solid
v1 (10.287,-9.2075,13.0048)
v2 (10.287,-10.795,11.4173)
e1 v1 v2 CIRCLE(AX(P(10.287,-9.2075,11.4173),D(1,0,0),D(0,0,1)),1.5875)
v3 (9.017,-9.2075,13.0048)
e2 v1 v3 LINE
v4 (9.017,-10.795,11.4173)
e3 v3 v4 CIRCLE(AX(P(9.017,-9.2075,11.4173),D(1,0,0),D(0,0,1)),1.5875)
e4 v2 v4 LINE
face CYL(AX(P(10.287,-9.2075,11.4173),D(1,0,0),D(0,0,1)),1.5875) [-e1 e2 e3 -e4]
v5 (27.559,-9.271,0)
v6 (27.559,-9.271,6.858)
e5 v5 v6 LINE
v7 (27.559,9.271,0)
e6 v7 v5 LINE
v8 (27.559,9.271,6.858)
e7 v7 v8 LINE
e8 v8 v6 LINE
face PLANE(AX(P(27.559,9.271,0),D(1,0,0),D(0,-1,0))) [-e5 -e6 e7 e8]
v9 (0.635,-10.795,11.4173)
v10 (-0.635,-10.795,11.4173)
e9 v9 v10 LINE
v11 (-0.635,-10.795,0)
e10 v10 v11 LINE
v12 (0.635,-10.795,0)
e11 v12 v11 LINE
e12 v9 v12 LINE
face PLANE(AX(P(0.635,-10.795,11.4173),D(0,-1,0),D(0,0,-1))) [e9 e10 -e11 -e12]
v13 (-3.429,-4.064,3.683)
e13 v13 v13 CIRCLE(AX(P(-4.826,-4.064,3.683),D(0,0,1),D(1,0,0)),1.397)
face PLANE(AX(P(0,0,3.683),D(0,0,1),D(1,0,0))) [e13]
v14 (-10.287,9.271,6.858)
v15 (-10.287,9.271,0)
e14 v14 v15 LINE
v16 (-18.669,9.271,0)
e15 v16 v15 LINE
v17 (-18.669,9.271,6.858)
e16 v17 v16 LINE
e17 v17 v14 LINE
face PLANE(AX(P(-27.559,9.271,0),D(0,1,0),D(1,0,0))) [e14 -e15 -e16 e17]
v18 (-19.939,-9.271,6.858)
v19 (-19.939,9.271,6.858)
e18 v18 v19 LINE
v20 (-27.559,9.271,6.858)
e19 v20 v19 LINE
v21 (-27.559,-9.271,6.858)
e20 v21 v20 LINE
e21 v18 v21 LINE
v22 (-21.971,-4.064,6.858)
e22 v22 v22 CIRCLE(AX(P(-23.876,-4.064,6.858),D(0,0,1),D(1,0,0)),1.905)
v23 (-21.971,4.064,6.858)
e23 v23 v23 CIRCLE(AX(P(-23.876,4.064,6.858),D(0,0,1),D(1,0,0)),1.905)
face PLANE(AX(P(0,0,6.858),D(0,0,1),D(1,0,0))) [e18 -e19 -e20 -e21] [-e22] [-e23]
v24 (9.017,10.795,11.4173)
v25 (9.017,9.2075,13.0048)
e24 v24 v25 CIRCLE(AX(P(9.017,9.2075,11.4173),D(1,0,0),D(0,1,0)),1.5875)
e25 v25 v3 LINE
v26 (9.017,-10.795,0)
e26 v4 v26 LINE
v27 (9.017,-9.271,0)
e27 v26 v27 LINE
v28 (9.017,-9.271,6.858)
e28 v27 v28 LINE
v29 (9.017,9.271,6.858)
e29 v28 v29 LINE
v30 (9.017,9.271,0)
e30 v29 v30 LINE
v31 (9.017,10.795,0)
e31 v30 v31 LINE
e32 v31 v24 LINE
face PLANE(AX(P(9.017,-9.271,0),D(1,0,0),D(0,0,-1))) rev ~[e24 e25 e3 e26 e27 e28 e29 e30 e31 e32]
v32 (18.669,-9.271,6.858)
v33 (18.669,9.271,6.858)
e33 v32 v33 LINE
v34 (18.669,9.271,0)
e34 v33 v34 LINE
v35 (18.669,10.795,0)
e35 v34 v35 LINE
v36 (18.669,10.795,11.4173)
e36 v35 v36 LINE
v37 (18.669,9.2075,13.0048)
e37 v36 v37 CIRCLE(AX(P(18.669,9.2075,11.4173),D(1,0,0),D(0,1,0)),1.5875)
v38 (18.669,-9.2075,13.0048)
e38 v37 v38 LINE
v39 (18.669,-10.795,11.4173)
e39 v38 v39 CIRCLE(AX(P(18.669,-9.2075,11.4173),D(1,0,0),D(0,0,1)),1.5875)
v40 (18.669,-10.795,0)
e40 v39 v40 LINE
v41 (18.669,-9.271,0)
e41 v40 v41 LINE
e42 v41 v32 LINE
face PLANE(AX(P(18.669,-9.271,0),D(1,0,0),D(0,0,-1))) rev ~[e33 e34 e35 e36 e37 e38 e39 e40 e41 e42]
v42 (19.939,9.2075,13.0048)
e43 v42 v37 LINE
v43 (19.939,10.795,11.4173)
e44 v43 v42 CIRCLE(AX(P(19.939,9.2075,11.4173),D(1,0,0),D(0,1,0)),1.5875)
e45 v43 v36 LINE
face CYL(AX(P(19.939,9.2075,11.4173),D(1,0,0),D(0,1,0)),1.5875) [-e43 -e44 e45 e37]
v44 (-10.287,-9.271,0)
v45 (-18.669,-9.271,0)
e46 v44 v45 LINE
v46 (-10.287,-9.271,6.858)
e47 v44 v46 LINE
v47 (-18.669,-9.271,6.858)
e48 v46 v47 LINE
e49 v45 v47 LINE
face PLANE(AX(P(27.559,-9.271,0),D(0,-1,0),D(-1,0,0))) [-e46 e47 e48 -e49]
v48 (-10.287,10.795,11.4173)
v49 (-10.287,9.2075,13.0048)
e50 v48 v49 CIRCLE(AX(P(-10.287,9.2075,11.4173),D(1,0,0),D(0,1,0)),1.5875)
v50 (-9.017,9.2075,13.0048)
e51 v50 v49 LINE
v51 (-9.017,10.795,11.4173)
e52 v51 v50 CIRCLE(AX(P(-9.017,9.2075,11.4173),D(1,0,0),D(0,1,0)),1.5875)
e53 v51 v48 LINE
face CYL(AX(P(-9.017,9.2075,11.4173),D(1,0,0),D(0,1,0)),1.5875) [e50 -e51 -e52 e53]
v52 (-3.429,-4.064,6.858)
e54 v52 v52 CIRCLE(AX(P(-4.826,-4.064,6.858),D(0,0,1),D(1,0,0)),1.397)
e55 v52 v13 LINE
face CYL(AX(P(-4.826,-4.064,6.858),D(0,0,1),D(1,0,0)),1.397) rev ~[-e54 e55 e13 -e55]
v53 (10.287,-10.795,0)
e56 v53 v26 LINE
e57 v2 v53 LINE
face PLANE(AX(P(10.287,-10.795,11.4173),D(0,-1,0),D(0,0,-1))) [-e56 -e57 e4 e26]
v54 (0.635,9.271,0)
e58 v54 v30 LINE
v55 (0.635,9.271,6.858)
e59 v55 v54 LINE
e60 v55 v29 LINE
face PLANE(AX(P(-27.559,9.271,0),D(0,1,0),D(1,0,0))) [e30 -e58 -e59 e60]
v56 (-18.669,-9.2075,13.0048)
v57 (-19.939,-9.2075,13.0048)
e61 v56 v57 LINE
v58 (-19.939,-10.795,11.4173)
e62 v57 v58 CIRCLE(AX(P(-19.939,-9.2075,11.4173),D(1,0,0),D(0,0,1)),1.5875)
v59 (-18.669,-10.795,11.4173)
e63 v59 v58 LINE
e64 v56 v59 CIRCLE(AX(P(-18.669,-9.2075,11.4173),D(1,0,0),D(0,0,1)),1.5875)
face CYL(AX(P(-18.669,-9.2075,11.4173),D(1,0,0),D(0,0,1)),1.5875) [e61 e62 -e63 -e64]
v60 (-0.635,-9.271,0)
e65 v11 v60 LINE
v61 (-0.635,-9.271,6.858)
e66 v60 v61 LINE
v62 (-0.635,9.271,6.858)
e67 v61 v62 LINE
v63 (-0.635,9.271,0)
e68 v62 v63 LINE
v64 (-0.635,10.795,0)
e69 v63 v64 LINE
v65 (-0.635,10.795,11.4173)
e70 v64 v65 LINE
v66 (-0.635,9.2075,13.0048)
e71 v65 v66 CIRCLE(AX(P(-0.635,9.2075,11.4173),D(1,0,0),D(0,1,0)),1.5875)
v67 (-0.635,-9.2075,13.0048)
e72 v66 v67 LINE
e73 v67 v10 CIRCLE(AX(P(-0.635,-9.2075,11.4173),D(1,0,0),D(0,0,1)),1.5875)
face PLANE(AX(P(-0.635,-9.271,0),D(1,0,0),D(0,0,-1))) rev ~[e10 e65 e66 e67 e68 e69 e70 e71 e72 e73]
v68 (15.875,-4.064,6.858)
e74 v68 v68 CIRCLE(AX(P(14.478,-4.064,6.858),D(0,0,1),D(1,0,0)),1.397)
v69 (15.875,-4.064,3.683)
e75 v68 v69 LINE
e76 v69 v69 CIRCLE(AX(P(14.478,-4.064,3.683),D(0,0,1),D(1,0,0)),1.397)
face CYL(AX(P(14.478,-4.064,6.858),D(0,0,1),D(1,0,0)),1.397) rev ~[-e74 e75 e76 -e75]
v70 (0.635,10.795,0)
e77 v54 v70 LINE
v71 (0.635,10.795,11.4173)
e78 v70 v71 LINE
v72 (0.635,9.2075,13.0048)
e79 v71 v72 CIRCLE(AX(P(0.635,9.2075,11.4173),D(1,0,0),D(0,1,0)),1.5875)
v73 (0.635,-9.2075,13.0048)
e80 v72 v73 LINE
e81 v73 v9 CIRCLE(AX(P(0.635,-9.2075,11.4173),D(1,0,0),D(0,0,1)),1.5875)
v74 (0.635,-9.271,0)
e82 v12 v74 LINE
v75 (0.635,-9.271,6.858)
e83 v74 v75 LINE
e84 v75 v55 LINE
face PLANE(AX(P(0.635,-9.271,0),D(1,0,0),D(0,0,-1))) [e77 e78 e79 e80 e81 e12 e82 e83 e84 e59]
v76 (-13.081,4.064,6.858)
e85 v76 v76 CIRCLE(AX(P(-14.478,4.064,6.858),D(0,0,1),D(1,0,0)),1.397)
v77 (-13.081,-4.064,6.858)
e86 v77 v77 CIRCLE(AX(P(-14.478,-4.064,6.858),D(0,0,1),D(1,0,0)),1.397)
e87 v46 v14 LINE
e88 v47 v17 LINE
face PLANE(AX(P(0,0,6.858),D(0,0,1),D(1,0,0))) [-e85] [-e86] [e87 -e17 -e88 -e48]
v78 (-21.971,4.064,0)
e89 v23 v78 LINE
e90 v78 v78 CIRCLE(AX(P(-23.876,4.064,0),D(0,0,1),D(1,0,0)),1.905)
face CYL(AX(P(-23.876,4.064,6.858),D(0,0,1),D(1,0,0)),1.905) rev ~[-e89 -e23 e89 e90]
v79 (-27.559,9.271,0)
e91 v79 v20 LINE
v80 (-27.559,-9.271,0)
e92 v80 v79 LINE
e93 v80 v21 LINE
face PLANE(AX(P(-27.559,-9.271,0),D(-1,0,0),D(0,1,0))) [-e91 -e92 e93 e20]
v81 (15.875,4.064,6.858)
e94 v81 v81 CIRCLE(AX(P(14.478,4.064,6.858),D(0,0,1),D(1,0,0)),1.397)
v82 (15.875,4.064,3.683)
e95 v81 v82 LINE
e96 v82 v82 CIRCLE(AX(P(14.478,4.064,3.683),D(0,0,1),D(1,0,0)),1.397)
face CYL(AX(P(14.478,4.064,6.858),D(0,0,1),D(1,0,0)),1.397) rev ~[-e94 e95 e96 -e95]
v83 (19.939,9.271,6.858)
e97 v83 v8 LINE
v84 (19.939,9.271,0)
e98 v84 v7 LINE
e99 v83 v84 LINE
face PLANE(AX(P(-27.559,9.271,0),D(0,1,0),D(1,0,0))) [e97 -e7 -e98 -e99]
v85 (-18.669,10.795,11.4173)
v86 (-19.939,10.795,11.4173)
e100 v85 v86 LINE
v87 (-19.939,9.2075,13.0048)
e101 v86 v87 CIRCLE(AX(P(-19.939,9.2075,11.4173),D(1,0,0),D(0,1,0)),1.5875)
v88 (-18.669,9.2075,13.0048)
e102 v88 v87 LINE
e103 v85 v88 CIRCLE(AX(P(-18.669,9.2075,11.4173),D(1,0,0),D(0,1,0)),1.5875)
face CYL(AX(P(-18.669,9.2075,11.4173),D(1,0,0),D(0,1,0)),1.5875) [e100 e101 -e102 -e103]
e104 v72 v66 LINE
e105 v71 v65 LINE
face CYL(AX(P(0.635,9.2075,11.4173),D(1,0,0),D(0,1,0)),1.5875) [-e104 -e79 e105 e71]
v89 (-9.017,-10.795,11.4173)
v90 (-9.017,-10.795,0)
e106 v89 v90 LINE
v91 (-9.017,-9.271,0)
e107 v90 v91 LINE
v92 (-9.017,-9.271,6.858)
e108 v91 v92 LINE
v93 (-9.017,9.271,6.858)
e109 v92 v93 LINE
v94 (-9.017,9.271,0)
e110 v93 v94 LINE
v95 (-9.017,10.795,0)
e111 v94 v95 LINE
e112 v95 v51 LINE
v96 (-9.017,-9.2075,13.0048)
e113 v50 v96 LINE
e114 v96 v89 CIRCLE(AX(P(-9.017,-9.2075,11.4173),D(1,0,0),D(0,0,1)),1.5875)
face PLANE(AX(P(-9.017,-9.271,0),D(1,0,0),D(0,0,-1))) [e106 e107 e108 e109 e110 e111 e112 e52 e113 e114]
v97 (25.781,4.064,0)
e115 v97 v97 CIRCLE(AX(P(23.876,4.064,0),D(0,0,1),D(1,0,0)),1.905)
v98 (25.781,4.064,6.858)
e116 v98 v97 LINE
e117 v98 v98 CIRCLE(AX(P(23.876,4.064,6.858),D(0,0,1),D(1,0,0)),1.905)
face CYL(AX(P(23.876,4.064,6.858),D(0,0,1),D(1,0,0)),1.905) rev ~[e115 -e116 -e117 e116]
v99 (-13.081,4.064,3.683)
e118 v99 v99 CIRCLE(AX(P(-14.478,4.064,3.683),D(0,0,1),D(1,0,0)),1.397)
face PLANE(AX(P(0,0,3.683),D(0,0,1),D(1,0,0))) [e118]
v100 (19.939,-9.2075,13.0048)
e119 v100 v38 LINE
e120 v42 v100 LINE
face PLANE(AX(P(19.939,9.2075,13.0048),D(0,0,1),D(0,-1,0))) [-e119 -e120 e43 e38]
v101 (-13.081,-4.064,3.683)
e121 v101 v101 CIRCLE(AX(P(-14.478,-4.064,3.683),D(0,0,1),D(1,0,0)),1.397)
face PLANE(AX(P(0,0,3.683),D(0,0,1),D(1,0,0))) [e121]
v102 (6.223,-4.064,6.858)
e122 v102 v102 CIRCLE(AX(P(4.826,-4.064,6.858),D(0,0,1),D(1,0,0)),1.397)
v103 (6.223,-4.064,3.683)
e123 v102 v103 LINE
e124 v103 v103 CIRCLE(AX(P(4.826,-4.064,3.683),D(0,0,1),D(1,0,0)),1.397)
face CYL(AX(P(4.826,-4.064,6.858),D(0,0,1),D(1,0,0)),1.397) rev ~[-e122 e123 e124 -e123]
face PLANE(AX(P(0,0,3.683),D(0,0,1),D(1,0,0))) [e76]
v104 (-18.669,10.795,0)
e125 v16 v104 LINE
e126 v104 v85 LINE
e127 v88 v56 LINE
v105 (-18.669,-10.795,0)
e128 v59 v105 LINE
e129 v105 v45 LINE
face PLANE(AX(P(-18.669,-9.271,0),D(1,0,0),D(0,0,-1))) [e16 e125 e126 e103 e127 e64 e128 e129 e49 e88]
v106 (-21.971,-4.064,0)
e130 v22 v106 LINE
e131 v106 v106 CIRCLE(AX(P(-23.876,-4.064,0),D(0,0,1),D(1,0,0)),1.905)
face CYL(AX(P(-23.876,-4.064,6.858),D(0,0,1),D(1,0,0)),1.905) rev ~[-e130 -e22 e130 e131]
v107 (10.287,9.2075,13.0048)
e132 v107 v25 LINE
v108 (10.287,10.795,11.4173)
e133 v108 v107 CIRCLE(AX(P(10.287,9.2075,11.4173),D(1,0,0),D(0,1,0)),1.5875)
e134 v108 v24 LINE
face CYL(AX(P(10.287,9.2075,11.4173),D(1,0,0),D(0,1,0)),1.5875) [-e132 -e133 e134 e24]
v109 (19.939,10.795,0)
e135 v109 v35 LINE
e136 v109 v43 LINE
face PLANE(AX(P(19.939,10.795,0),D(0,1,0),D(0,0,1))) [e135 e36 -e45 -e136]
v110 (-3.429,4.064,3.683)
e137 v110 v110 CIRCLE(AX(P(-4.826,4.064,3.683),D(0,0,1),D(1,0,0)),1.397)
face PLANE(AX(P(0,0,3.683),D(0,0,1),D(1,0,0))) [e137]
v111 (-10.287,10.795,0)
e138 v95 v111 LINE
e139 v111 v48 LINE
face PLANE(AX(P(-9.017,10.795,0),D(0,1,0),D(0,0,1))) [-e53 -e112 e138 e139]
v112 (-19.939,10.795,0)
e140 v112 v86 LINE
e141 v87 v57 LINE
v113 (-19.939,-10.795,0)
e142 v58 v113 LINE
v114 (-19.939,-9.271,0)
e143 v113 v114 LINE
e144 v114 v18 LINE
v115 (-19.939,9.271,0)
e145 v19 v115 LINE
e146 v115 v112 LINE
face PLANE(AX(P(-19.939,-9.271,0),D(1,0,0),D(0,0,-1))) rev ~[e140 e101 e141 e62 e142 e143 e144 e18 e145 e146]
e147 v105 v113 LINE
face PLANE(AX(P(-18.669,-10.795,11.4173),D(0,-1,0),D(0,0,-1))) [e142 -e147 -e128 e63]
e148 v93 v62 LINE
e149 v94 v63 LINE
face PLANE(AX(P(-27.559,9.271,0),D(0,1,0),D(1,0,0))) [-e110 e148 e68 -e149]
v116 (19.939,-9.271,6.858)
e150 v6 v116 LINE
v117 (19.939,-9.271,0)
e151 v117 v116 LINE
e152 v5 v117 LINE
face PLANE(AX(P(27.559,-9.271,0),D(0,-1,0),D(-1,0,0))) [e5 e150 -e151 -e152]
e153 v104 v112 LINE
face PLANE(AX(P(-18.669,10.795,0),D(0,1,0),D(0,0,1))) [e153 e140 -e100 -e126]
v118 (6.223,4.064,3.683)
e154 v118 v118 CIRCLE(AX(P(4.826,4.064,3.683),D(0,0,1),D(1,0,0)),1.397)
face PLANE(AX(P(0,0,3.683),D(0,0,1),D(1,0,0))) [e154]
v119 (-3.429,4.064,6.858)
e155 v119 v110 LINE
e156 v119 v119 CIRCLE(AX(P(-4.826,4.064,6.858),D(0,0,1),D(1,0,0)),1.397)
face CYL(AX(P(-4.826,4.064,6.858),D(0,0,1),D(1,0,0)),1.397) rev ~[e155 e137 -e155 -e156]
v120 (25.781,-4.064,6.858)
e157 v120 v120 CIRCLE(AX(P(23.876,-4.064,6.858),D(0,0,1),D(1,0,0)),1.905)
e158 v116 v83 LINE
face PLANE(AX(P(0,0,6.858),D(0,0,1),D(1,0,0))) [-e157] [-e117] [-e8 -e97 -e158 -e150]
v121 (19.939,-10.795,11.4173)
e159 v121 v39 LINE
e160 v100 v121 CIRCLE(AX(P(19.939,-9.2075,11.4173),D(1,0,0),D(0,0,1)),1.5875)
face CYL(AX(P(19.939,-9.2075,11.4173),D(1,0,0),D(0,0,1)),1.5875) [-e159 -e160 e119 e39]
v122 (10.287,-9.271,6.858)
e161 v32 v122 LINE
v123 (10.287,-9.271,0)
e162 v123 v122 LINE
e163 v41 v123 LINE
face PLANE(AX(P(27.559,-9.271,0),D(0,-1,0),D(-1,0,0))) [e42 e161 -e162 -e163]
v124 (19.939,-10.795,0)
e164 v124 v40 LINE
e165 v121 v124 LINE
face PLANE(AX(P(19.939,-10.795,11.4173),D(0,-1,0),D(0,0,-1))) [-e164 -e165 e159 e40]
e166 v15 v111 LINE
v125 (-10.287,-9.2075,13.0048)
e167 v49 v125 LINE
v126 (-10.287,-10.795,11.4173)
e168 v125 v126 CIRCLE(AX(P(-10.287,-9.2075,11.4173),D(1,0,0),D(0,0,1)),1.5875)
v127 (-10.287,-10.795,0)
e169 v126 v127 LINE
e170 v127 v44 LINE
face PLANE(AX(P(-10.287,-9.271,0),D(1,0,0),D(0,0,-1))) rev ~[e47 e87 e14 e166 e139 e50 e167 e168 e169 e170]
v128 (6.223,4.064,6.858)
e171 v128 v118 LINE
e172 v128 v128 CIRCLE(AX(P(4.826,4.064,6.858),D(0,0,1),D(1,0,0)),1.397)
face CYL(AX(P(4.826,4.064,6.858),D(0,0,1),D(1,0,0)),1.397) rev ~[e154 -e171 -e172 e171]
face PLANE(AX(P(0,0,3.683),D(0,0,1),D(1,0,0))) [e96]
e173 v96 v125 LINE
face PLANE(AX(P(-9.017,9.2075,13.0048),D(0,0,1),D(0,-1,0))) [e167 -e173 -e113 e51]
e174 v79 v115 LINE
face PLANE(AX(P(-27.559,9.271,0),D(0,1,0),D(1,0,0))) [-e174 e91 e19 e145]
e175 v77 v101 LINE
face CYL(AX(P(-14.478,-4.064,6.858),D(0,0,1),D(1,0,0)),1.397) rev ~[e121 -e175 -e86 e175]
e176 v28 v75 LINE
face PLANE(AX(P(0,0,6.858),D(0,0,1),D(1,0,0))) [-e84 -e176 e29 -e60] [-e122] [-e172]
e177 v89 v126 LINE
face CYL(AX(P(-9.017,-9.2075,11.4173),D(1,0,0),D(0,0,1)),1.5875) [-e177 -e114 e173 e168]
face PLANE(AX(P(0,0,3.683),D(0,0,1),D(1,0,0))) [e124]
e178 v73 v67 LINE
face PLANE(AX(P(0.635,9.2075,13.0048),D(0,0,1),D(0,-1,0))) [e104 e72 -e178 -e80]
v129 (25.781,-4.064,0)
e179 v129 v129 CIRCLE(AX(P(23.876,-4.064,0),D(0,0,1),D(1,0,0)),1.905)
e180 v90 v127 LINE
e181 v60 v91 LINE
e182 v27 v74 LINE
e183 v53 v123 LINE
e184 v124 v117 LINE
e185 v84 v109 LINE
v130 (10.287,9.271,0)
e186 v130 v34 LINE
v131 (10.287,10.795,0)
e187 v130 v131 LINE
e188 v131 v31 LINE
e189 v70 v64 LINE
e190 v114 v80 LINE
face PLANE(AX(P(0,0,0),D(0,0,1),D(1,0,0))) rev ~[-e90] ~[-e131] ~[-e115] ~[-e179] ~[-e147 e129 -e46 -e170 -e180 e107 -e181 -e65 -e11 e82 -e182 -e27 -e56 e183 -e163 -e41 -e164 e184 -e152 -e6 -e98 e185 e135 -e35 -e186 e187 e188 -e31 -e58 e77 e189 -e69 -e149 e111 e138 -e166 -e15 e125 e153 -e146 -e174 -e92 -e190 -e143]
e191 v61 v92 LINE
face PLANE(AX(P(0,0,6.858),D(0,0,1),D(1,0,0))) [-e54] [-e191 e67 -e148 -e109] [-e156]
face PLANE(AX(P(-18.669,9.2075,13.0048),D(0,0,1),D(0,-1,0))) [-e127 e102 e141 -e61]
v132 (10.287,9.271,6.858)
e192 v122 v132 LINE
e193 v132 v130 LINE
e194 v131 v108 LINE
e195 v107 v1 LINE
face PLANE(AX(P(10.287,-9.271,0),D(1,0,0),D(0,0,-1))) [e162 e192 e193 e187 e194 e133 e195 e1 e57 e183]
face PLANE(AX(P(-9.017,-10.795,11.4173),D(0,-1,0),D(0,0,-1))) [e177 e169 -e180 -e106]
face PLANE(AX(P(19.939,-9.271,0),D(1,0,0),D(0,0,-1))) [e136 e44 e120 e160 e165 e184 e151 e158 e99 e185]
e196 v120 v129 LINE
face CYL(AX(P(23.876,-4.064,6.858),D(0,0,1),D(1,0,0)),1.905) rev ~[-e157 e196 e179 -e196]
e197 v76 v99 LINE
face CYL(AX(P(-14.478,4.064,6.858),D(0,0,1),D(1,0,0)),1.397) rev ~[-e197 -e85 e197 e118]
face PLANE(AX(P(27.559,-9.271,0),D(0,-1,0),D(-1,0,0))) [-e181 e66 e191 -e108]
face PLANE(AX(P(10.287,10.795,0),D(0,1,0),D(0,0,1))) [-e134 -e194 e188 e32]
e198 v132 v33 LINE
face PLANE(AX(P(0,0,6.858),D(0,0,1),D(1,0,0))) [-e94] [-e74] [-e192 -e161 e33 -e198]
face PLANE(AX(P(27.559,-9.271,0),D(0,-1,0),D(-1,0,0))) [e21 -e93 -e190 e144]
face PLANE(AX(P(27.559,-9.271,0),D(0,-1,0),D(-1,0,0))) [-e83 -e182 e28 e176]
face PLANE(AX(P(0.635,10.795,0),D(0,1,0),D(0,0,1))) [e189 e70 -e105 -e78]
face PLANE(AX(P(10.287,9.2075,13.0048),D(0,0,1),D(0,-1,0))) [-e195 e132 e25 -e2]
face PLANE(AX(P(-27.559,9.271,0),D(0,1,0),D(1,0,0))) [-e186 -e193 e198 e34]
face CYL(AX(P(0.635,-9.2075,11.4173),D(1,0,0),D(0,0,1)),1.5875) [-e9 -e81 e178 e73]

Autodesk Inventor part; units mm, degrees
ref_plane "YZ Plane" through (0, 0, 0) normal (1, 0, 0) x (0, 1, 0)
ref_plane "XZ Plane" through (0, 0, 0) normal (0, 1, 0) x (-1, 0, 0)
sketch "Sketch1" plane through (0, 0, 0) normal (0, 0, 1) x (1, 0, 0)
  line L0 (-27.559, 9.271) -> (27.559, 9.271)
  line L1 (27.559, 9.271) -> (27.559, -9.271)
  line L2 (27.559, -9.271) -> (-27.559, -9.271)
  line L3 (-27.559, -9.271) -> (-27.559, 9.271)
  line L4 (-27.559, 9.271) -> (27.559, -9.271) construction
  point P0 (0, 0)
  point P1 (0, 0)
  dimension "d0" = 55.118
  dimension "d1" = 18.542
extrude "Extrusion1" add sketch "Sketch1" along normal blind 6.858
sketch "Sketch2" plane through (0, 0, 6.858) normal (0, 0, 1) x (1, 0, 0)
  line L0 (27.559, -9.271) -> (-27.559, -9.271) projected
  circle A0 centre (-23.876, 4.064) radius 1.905
  circle A1 centre (-23.876, -4.064) radius 1.905
  circle A2 centre (23.876, 4.064) radius 1.905
  circle A3 centre (23.876, -4.064) radius 1.905
  line L1 (-23.876, 4.064) -> (-23.876, -4.064) construction
  line L2 (-23.876, -4.064) -> (23.876, -4.064) construction
  line L3 (23.876, -4.064) -> (23.876, 4.064) construction
  line L4 (23.876, 4.064) -> (-23.876, 4.064) construction
  line L5 (-23.876, 4.064) -> (23.876, -4.064) construction
  point P0 (0, 0)
  point P1 (0, 0)
  dimension "d4" = 3.81
  dimension "d5" = 4.318
  dimension "d6" = 43.942
extrude "Extrusion2" cut sketch "Sketch2" against normal up to surface (6.858 mm away)
ref_plane "Work Plane1" through (19.939, -9.271, 0) normal (1, 0, 0) x (0, 0, -1)
sketch "Sketch3" plane through (19.939, -9.271, 0) normal (1, 0, 0) x (0, 0, -1)
  line L0 (0, 20.066) -> (-11.4173, 20.066)
  line L1 (-13.0048, 18.4785) -> (-13.0048, 0.0635)
  line L2 (-11.4173, -1.524) -> (0, -1.524)
  line L3 (0, -1.524) -> (0, 0)
  line L4 (0, 0) -> (-6.858, 0)
  line L5 (-6.858, 0) -> (-6.858, 18.542)
  line L6 (-6.858, 18.542) -> (0, 18.542)
  line L7 (0, 18.542) -> (0, 20.066)
  line L8 (0, 18.542) -> (0, 0) projected
  line L9 (-6.858, 18.542) -> (-6.858, 0) projected
  arc A0 (-11.4173, 20.066) -> (-13.0048, 18.4785) centre (-11.4173, 18.4785) ccw
  arc A1 (-13.0048, 0.0635) -> (-11.4173, -1.524) centre (-11.4173, 0.0635) ccw
  point P0 (0, 9.271)
  dimension "d10" = 1.524
  dimension "d11" = 13.0048
  dimension "d12" = 1.5875
extrude "Extrusion3" add sketch "Sketch3" against normal blind 1.27 contours L7 L6 L5 L4 L3 L2 A1 L1 A0 L0
pattern_linear "Rectangular Pattern1" count 5 spacing 9.652 along (-1, 0, 0) of "Extrusion3"
sketch "Sketch4" plane through (0, 0, 6.858) normal (0, 0, 1) x (1, 0, 0)
  line L0 (-18.669, 9.2075) -> (-18.669, -9.2075) projected
  line L1 (-10.287, 9.2075) -> (-10.287, -9.2075) projected
  line L2 (-9.017, 9.2075) -> (-9.017, -9.2075) projected
  line L3 (-0.635, 9.2075) -> (-0.635, -9.2075) projected
  line L4 (0.635, 9.2075) -> (0.635, -9.2075) projected
  line L5 (9.017, 9.2075) -> (9.017, -9.2075) projected
  line L6 (10.287, 9.2075) -> (10.287, -9.2075) projected
  line L7 (18.669, 9.2075) -> (18.669, -9.2075) projected
  line L8 (19.939, 9.2075) -> (19.939, -9.2075) projected
  circle A0 centre (-14.478, 4.064) radius 1.397
  circle A1 centre (-14.478, -4.064) radius 1.397
  line L9 (-14.478, 4.064) -> (-14.478, -4.064) construction
  line L10 (-37.6243, 0) -> (37.6243, 0) construction
  circle A2 centre (-4.826, 4.064) radius 1.397
  circle A3 centre (-4.826, -4.064) radius 1.397
  circle A4 centre (4.826, 4.064) radius 1.397
  circle A5 centre (4.826, -4.064) radius 1.397
  circle A6 centre (14.478, 4.064) radius 1.397
  circle A7 centre (14.478, -4.064) radius 1.397
  point P0 (0, 0)
  point P1 (0, 0)
  point P2 (-14.478, 0)
  dimension "d18" = 2.794
  dimension "d19" = 5.334
  dimension "d21" = 4.191
  dimension "d28" = 9.652
extrude "Extrusion4" cut sketch "Sketch4" against normal blind 3.175
sketch "Sketch5" plane through (0, 0, 6.858) normal (0, 0, 1) x (1, 0, 0)
  circle A0 centre (-14.478, -4.064) radius 1.397 projected
sketch "Sketch6" plane through (0, 0, 6.858) normal (0, 0, 1) x (1, 0, 0)
  circle A0 centre (-14.478, 4.064) radius 1.397 projected
sketch "Sketch7" plane through (0, 0, 6.858) normal (0, 0, 1) x (1, 0, 0)
  circle A0 centre (-4.826, -4.064) radius 1.397 projected
sketch "Sketch8" plane through (0, 0, 6.858) normal (0, 0, 1) x (1, 0, 0)
  circle A0 centre (-4.826, 4.064) radius 1.397 projected
sketch "Sketch9" plane through (0, 0, 6.858) normal (0, 0, 1) x (1, 0, 0)
  circle A0 centre (4.826, 4.064) radius 1.397 projected
sketch "Sketch10" plane through (0, 0, 6.858) normal (0, 0, 1) x (1, 0, 0)
  circle A0 centre (14.478, -4.064) radius 1.397 projected
sketch "Sketch11" plane through (0, 0, 6.858) normal (0, 0, 1) x (1, 0, 0)
  circle A0 centre (23.876, 4.064) radius 1.905 projected
sketch "Sketch12" plane through (0, 0, 6.858) normal (0, 0, 1) x (1, 0, 0)
  circle A0 centre (23.876, -4.064) radius 1.905 projected
properties part number "Terminal Block"
